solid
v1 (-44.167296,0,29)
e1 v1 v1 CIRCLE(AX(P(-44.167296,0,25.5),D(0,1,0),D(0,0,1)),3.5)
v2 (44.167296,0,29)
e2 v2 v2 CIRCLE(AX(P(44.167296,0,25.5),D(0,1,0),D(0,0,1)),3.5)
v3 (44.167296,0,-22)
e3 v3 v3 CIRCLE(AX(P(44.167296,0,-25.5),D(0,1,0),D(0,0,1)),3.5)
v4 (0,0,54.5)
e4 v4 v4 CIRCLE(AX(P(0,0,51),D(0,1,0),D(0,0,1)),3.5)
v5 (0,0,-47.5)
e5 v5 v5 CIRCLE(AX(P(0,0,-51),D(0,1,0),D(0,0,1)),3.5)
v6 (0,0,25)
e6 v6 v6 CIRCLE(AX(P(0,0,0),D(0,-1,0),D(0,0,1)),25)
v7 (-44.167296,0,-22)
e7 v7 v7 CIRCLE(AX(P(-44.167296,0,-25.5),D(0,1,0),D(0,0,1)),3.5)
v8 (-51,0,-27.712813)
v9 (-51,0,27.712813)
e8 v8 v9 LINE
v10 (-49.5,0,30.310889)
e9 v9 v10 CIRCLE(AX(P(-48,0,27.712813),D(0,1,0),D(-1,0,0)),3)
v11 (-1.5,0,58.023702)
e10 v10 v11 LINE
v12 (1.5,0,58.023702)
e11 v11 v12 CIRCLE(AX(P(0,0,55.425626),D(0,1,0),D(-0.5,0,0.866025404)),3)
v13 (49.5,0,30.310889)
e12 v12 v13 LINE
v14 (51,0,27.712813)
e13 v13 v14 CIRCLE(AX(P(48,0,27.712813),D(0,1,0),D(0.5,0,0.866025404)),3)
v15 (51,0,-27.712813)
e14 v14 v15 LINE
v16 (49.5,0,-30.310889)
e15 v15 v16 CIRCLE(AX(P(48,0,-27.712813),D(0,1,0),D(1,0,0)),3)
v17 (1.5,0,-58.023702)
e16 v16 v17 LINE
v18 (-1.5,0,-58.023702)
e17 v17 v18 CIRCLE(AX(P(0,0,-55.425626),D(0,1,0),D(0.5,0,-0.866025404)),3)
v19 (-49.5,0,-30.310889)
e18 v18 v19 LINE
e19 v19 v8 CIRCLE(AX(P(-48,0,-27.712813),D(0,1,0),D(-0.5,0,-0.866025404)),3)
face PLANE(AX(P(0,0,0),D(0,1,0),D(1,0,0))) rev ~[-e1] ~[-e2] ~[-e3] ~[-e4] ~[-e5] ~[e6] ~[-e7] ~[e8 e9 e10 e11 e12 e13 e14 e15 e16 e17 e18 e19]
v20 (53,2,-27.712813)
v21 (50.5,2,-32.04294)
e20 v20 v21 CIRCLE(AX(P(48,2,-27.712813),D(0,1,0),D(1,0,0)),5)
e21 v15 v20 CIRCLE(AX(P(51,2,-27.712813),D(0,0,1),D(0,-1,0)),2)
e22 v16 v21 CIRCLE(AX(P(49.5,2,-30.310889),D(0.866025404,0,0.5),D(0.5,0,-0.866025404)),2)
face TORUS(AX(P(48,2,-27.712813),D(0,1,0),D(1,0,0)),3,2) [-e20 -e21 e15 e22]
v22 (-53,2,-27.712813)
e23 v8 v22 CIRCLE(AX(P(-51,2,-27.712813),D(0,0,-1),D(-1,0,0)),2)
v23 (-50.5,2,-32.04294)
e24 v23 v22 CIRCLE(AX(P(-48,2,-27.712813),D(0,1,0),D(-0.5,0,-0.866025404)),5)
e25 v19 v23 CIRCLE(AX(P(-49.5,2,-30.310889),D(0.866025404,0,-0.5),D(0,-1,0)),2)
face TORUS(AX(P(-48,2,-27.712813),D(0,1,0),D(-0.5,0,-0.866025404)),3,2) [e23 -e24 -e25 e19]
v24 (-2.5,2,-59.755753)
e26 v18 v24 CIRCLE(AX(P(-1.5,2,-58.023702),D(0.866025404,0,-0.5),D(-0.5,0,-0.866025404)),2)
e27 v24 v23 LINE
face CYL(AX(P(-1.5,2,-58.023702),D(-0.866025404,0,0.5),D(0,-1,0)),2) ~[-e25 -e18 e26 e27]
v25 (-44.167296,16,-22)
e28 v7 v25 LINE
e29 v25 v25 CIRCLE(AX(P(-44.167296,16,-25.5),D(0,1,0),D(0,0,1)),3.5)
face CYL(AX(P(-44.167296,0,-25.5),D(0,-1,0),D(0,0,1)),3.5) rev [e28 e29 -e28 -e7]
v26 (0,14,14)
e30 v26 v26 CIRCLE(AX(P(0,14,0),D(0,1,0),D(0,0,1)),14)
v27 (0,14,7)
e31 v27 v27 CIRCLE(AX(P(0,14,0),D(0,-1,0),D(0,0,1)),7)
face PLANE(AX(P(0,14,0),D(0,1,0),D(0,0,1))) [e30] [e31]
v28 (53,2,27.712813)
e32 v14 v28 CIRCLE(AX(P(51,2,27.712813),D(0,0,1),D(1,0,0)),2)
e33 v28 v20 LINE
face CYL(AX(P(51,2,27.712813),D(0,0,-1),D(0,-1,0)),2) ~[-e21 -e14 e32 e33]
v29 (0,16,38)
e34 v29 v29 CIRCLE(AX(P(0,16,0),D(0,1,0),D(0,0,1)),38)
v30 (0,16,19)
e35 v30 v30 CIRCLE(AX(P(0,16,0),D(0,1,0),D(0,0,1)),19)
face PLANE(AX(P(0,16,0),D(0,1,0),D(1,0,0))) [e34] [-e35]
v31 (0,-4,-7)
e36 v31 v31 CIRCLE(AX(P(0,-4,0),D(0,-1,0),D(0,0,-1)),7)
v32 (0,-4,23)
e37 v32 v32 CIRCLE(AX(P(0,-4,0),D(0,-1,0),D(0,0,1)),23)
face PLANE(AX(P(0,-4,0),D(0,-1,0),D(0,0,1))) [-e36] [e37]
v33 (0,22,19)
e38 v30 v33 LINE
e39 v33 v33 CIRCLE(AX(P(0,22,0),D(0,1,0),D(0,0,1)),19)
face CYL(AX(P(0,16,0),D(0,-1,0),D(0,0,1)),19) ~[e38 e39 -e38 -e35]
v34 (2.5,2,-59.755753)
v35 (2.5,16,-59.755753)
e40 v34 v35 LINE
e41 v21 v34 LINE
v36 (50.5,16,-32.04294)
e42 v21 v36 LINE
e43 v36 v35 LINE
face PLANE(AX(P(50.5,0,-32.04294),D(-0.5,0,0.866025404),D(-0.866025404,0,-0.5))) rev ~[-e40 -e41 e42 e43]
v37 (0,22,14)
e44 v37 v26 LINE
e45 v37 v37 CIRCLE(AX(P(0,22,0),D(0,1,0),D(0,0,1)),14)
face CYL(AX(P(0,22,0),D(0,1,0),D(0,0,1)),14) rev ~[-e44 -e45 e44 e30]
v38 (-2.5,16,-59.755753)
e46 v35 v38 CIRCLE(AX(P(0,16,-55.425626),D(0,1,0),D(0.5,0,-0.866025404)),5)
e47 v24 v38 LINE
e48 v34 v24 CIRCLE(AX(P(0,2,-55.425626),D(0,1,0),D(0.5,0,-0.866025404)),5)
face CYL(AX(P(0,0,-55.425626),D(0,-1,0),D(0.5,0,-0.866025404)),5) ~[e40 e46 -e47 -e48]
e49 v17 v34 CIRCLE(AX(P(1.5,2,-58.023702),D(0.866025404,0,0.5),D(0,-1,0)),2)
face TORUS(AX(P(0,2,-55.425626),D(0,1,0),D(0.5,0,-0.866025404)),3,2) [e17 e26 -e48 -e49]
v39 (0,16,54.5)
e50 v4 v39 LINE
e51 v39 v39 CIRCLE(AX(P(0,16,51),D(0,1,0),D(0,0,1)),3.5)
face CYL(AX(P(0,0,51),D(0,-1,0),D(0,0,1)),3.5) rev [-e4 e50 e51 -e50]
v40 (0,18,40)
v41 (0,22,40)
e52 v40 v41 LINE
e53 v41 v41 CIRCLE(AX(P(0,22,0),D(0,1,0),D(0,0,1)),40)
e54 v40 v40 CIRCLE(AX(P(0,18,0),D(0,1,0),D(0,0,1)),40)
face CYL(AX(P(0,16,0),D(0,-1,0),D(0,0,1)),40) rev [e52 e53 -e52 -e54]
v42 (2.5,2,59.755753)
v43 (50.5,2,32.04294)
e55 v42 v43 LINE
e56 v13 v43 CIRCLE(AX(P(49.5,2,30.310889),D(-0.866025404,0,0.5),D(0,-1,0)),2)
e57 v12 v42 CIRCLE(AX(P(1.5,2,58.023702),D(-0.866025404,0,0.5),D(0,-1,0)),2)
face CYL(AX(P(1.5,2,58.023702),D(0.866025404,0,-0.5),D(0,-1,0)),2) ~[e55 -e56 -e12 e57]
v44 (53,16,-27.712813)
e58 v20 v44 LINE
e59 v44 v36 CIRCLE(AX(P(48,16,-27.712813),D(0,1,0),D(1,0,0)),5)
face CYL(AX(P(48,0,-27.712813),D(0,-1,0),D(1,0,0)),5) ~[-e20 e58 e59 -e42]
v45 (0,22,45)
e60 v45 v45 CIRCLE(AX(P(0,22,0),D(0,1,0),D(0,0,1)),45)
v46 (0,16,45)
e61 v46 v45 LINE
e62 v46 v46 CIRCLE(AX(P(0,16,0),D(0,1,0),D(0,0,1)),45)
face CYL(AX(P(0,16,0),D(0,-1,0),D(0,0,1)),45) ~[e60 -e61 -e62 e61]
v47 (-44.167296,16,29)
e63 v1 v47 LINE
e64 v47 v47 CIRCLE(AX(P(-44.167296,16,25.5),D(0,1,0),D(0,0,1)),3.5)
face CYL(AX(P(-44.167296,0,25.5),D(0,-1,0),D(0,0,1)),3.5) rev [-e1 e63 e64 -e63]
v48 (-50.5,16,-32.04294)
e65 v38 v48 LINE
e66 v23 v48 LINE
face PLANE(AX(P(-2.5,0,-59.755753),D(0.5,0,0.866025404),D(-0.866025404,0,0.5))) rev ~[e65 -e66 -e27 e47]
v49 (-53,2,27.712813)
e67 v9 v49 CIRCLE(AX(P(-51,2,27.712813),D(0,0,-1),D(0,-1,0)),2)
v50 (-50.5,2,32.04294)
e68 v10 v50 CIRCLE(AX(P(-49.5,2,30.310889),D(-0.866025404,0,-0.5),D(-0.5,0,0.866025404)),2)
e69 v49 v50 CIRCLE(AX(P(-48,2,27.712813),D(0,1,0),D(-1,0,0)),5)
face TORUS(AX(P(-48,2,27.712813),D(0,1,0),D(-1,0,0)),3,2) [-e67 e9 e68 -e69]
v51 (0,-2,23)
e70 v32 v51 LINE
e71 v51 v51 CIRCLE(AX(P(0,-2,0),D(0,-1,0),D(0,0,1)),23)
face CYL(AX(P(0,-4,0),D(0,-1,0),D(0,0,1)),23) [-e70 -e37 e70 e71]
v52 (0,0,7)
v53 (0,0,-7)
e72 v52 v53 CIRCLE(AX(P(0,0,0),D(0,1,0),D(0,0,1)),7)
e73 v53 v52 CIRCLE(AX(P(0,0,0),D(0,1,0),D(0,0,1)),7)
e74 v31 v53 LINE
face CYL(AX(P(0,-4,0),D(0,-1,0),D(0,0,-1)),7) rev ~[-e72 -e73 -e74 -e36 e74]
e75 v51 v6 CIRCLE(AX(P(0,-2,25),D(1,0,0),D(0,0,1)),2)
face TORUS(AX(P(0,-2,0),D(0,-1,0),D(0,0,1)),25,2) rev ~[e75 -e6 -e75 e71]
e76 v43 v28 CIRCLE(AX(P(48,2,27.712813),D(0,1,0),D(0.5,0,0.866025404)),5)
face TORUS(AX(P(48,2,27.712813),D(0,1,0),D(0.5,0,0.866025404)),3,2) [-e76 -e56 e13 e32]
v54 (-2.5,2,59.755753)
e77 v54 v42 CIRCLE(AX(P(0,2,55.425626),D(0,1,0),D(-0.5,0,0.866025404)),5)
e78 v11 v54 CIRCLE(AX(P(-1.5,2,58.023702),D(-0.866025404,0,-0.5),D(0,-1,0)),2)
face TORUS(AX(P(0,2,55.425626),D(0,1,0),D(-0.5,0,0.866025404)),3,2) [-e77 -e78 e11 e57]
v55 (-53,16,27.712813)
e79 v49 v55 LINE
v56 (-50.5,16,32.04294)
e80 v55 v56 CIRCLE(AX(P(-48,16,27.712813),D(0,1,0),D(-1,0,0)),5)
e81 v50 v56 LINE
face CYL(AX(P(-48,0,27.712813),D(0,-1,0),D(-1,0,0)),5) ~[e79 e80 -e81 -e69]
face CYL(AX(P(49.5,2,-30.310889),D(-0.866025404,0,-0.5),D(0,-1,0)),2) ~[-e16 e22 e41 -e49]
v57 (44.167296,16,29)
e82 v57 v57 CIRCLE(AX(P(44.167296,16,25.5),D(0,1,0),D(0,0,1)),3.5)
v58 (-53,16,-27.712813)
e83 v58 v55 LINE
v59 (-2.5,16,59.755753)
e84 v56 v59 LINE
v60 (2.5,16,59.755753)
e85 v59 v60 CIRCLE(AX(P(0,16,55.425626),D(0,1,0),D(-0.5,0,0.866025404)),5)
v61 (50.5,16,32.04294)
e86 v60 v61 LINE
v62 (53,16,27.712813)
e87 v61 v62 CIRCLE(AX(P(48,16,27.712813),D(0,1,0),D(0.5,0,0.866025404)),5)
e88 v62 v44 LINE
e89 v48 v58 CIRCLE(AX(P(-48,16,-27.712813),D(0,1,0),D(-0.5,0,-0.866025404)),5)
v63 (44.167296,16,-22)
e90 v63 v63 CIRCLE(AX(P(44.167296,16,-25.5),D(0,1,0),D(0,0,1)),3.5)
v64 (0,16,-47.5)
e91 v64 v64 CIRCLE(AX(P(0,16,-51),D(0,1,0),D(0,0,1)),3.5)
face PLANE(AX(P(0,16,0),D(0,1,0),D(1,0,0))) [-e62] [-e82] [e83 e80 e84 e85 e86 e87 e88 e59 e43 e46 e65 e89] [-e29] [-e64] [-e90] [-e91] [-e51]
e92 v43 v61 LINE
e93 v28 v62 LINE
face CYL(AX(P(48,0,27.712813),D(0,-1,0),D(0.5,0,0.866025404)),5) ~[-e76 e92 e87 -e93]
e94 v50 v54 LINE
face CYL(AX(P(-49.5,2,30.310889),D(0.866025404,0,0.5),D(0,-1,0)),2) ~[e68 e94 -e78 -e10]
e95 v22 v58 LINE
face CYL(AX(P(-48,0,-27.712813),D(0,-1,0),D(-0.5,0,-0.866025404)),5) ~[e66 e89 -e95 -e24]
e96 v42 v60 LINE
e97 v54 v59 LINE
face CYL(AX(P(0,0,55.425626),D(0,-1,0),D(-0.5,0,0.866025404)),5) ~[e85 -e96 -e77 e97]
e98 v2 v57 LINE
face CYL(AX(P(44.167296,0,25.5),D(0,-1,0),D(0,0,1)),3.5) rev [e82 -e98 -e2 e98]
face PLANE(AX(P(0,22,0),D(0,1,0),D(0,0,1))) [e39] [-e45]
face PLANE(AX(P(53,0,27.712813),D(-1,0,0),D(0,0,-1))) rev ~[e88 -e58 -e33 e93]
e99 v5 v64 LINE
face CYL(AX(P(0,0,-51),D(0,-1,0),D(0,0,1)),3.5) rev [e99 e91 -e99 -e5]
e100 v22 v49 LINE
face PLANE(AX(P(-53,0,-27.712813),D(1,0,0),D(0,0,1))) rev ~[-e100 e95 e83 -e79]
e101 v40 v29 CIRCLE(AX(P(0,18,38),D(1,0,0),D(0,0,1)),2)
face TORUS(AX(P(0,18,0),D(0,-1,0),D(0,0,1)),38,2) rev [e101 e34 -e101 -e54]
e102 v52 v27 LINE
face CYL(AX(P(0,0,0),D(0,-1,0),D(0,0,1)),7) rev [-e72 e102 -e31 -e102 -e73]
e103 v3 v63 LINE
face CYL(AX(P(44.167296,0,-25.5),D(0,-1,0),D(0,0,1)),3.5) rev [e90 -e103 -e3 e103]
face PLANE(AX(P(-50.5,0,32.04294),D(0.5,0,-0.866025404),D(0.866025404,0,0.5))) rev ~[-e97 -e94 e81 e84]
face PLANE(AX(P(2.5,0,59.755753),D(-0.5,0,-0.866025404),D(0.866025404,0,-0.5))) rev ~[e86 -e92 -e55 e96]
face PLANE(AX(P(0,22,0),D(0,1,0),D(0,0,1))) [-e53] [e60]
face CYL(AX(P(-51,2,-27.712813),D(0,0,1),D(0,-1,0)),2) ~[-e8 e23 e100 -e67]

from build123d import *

# Parameters (mm, degrees)
SKETCH1_R           = 7
SKETCH1_R_2         = 3.5
BOSS_EXTRUDE1_DEPTH = 16
SKETCH2_R           = 45
SKETCH2_R_2         = 40
SKETCH2_R_3         = 19
SKETCH2_R_4         = 7
BOSS_EXTRUDE2_DEPTH = 6
SKETCH3_R           = 14
CUT_EXTRUDE1_DEPTH  = 8
BOSS_EXTRUDE3_START = 4
SKETCH4_R           = 23
SKETCH4_R_2         = 7
BOSS_EXTRUDE3_DEPTH = 4
FILLET1_R           = 2


with BuildPart() as part:
    # Sketch1 → Boss-Extrude1 (new body)
    with BuildSketch(Plane(origin=(0, 0, 0), x_dir=(1, 0, 0), z_dir=(0, 1, 0))):
        with BuildLine():
            Line((-2.5, 59.755752861), (-50.5, 32.04293994))
            ThreePointArc((-50.5, 32.04293994), (-52.330127019, 30.212812921), (-53, 27.712812921))
            Line((-53, 27.712812921), (-53, -27.712812921))
            ThreePointArc((-53, -27.712812921), (-52.330127019, -30.212812921), (-50.5, -32.04293994))
            Line((-50.5, -32.04293994), (-2.5, -59.755752861))
            ThreePointArc((-2.5, -59.755752861), (0, -60.425625842), (2.5, -59.755752861))
            Line((2.5, -59.755752861), (50.5, -32.04293994))
            ThreePointArc((50.5, -32.04293994), (52.330127019, -30.212812921), (53, -27.712812921))
            Line((53, -27.712812921), (53, 27.712812921))
            ThreePointArc((53, 27.712812921), (52.330127019, 30.212812921), (50.5, 32.04293994))
            Line((50.5, 32.04293994), (2.5, 59.755752861))
            ThreePointArc((2.5, 59.755752861), (0, 60.425625842), (-2.5, 59.755752861))
        make_face()
        with Locations(Location((0, 0, 0), (0, 0, 270))):
            Circle(SKETCH1_R, mode=Mode.SUBTRACT)
        with Locations(Location((0, 51, 0), (0, 0, 270))):
            Circle(SKETCH1_R_2, mode=Mode.SUBTRACT)
        with Locations(Location((44.167295593, 25.5, 0), (0, 0, 270))):
            Circle(SKETCH1_R_2, mode=Mode.SUBTRACT)
        with Locations(Location((44.167295593, -25.5, 0), (0, 0, 270))):
            Circle(SKETCH1_R_2, mode=Mode.SUBTRACT)
        with Locations(Location((0, -51, 0), (0, 0, 270))):
            Circle(SKETCH1_R_2, mode=Mode.SUBTRACT)
        with Locations(Location((-44.167295593, -25.5, 0), (0, 0, 270))):
            Circle(SKETCH1_R_2, mode=Mode.SUBTRACT)
        with Locations(Location((-44.167295593, 25.5, 0), (0, 0, 270))):
            Circle(SKETCH1_R_2, mode=Mode.SUBTRACT)
    extrude(amount=BOSS_EXTRUDE1_DEPTH)

    # Sketch2 → Boss-Extrude2 (add)
    # profile 1 of 3: a face of its own
    with BuildSketch(Plane(origin=(0, 16, 0), x_dir=(1, 0, 0), z_dir=(0, 1, 0))):
        with Locations(Location((0, 0, 0), (0, 0, 270))):
            Circle(SKETCH2_R)
        with Locations(Location((0, 0, 0), (0, 0, 270))):
            Circle(SKETCH2_R_2, mode=Mode.SUBTRACT)
    # profile 2 of 3: a face of its own
    with BuildSketch(Plane(origin=(0, 16, 0), x_dir=(1, 0, 0), z_dir=(0, 1, 0))):
        with Locations(Location((0, 0, 0), (0, 0, 270))):
            Circle(SKETCH2_R_3)
        with Locations(Location((0, 0, 0), (0, 0, 270))):
            Circle(SKETCH2_R_4, mode=Mode.SUBTRACT)
    # profile 3 of 3: a face of its own
    with BuildSketch(Plane(origin=(0, 16, 0), x_dir=(1, 0, 0), z_dir=(0, 1, 0))):
        with Locations(Location((0, 0, 0), (0, 0, 270))):
            Circle(SKETCH2_R_4)
    extrude(amount=BOSS_EXTRUDE2_DEPTH)

    # Sketch3 → Cut-Extrude1 (cut)
    with BuildSketch(Plane(origin=(0, 22, 0), x_dir=(1, 0, 0), z_dir=(0, 1, 0))):
        with Locations(Location((0, 0, 0), (0, 0, 270))):
            Circle(SKETCH3_R)
    extrude(amount=-CUT_EXTRUDE1_DEPTH, mode=Mode.SUBTRACT)

    # Sketch4 → Boss-Extrude3 (add)
    with BuildSketch(Plane.XZ.offset(BOSS_EXTRUDE3_START)):
        with Locations(Location((0, 0, 0), (0, 0, 90))):
            Circle(SKETCH4_R)
        with Locations(Location((0, 0, 0), (0, 0, 270))):
            Circle(SKETCH4_R_2, mode=Mode.SUBTRACT)
    extrude(amount=-BOSS_EXTRUDE3_DEPTH)

    # Fillet1
    fillet1_edges = [part.edges().sort_by_distance(p)[0] for p in [
        (26.5, 0, 45.899346401),
        (0, 0, 60.425625842),
        (-26.5, 0, 45.899346401),
        (-52.330127019, 0, 30.212812921),
        (-53, 0, 0),
        (-52.330127019, 0, -30.212812921),
        (-26.5, 0, -45.899346401),
        (0, 0, -60.425625842),
        (26.5, 0, -45.899346401),
        (52.330127019, 0, -30.212812921),
        (53, 0, 0),
        (52.330127019, 0, 30.212812921),
        (0, 16, -40),
        (0, 0, -23),
    ]]
    fillet(fillet1_edges, radius=FILLET1_R)


solid = part.part
